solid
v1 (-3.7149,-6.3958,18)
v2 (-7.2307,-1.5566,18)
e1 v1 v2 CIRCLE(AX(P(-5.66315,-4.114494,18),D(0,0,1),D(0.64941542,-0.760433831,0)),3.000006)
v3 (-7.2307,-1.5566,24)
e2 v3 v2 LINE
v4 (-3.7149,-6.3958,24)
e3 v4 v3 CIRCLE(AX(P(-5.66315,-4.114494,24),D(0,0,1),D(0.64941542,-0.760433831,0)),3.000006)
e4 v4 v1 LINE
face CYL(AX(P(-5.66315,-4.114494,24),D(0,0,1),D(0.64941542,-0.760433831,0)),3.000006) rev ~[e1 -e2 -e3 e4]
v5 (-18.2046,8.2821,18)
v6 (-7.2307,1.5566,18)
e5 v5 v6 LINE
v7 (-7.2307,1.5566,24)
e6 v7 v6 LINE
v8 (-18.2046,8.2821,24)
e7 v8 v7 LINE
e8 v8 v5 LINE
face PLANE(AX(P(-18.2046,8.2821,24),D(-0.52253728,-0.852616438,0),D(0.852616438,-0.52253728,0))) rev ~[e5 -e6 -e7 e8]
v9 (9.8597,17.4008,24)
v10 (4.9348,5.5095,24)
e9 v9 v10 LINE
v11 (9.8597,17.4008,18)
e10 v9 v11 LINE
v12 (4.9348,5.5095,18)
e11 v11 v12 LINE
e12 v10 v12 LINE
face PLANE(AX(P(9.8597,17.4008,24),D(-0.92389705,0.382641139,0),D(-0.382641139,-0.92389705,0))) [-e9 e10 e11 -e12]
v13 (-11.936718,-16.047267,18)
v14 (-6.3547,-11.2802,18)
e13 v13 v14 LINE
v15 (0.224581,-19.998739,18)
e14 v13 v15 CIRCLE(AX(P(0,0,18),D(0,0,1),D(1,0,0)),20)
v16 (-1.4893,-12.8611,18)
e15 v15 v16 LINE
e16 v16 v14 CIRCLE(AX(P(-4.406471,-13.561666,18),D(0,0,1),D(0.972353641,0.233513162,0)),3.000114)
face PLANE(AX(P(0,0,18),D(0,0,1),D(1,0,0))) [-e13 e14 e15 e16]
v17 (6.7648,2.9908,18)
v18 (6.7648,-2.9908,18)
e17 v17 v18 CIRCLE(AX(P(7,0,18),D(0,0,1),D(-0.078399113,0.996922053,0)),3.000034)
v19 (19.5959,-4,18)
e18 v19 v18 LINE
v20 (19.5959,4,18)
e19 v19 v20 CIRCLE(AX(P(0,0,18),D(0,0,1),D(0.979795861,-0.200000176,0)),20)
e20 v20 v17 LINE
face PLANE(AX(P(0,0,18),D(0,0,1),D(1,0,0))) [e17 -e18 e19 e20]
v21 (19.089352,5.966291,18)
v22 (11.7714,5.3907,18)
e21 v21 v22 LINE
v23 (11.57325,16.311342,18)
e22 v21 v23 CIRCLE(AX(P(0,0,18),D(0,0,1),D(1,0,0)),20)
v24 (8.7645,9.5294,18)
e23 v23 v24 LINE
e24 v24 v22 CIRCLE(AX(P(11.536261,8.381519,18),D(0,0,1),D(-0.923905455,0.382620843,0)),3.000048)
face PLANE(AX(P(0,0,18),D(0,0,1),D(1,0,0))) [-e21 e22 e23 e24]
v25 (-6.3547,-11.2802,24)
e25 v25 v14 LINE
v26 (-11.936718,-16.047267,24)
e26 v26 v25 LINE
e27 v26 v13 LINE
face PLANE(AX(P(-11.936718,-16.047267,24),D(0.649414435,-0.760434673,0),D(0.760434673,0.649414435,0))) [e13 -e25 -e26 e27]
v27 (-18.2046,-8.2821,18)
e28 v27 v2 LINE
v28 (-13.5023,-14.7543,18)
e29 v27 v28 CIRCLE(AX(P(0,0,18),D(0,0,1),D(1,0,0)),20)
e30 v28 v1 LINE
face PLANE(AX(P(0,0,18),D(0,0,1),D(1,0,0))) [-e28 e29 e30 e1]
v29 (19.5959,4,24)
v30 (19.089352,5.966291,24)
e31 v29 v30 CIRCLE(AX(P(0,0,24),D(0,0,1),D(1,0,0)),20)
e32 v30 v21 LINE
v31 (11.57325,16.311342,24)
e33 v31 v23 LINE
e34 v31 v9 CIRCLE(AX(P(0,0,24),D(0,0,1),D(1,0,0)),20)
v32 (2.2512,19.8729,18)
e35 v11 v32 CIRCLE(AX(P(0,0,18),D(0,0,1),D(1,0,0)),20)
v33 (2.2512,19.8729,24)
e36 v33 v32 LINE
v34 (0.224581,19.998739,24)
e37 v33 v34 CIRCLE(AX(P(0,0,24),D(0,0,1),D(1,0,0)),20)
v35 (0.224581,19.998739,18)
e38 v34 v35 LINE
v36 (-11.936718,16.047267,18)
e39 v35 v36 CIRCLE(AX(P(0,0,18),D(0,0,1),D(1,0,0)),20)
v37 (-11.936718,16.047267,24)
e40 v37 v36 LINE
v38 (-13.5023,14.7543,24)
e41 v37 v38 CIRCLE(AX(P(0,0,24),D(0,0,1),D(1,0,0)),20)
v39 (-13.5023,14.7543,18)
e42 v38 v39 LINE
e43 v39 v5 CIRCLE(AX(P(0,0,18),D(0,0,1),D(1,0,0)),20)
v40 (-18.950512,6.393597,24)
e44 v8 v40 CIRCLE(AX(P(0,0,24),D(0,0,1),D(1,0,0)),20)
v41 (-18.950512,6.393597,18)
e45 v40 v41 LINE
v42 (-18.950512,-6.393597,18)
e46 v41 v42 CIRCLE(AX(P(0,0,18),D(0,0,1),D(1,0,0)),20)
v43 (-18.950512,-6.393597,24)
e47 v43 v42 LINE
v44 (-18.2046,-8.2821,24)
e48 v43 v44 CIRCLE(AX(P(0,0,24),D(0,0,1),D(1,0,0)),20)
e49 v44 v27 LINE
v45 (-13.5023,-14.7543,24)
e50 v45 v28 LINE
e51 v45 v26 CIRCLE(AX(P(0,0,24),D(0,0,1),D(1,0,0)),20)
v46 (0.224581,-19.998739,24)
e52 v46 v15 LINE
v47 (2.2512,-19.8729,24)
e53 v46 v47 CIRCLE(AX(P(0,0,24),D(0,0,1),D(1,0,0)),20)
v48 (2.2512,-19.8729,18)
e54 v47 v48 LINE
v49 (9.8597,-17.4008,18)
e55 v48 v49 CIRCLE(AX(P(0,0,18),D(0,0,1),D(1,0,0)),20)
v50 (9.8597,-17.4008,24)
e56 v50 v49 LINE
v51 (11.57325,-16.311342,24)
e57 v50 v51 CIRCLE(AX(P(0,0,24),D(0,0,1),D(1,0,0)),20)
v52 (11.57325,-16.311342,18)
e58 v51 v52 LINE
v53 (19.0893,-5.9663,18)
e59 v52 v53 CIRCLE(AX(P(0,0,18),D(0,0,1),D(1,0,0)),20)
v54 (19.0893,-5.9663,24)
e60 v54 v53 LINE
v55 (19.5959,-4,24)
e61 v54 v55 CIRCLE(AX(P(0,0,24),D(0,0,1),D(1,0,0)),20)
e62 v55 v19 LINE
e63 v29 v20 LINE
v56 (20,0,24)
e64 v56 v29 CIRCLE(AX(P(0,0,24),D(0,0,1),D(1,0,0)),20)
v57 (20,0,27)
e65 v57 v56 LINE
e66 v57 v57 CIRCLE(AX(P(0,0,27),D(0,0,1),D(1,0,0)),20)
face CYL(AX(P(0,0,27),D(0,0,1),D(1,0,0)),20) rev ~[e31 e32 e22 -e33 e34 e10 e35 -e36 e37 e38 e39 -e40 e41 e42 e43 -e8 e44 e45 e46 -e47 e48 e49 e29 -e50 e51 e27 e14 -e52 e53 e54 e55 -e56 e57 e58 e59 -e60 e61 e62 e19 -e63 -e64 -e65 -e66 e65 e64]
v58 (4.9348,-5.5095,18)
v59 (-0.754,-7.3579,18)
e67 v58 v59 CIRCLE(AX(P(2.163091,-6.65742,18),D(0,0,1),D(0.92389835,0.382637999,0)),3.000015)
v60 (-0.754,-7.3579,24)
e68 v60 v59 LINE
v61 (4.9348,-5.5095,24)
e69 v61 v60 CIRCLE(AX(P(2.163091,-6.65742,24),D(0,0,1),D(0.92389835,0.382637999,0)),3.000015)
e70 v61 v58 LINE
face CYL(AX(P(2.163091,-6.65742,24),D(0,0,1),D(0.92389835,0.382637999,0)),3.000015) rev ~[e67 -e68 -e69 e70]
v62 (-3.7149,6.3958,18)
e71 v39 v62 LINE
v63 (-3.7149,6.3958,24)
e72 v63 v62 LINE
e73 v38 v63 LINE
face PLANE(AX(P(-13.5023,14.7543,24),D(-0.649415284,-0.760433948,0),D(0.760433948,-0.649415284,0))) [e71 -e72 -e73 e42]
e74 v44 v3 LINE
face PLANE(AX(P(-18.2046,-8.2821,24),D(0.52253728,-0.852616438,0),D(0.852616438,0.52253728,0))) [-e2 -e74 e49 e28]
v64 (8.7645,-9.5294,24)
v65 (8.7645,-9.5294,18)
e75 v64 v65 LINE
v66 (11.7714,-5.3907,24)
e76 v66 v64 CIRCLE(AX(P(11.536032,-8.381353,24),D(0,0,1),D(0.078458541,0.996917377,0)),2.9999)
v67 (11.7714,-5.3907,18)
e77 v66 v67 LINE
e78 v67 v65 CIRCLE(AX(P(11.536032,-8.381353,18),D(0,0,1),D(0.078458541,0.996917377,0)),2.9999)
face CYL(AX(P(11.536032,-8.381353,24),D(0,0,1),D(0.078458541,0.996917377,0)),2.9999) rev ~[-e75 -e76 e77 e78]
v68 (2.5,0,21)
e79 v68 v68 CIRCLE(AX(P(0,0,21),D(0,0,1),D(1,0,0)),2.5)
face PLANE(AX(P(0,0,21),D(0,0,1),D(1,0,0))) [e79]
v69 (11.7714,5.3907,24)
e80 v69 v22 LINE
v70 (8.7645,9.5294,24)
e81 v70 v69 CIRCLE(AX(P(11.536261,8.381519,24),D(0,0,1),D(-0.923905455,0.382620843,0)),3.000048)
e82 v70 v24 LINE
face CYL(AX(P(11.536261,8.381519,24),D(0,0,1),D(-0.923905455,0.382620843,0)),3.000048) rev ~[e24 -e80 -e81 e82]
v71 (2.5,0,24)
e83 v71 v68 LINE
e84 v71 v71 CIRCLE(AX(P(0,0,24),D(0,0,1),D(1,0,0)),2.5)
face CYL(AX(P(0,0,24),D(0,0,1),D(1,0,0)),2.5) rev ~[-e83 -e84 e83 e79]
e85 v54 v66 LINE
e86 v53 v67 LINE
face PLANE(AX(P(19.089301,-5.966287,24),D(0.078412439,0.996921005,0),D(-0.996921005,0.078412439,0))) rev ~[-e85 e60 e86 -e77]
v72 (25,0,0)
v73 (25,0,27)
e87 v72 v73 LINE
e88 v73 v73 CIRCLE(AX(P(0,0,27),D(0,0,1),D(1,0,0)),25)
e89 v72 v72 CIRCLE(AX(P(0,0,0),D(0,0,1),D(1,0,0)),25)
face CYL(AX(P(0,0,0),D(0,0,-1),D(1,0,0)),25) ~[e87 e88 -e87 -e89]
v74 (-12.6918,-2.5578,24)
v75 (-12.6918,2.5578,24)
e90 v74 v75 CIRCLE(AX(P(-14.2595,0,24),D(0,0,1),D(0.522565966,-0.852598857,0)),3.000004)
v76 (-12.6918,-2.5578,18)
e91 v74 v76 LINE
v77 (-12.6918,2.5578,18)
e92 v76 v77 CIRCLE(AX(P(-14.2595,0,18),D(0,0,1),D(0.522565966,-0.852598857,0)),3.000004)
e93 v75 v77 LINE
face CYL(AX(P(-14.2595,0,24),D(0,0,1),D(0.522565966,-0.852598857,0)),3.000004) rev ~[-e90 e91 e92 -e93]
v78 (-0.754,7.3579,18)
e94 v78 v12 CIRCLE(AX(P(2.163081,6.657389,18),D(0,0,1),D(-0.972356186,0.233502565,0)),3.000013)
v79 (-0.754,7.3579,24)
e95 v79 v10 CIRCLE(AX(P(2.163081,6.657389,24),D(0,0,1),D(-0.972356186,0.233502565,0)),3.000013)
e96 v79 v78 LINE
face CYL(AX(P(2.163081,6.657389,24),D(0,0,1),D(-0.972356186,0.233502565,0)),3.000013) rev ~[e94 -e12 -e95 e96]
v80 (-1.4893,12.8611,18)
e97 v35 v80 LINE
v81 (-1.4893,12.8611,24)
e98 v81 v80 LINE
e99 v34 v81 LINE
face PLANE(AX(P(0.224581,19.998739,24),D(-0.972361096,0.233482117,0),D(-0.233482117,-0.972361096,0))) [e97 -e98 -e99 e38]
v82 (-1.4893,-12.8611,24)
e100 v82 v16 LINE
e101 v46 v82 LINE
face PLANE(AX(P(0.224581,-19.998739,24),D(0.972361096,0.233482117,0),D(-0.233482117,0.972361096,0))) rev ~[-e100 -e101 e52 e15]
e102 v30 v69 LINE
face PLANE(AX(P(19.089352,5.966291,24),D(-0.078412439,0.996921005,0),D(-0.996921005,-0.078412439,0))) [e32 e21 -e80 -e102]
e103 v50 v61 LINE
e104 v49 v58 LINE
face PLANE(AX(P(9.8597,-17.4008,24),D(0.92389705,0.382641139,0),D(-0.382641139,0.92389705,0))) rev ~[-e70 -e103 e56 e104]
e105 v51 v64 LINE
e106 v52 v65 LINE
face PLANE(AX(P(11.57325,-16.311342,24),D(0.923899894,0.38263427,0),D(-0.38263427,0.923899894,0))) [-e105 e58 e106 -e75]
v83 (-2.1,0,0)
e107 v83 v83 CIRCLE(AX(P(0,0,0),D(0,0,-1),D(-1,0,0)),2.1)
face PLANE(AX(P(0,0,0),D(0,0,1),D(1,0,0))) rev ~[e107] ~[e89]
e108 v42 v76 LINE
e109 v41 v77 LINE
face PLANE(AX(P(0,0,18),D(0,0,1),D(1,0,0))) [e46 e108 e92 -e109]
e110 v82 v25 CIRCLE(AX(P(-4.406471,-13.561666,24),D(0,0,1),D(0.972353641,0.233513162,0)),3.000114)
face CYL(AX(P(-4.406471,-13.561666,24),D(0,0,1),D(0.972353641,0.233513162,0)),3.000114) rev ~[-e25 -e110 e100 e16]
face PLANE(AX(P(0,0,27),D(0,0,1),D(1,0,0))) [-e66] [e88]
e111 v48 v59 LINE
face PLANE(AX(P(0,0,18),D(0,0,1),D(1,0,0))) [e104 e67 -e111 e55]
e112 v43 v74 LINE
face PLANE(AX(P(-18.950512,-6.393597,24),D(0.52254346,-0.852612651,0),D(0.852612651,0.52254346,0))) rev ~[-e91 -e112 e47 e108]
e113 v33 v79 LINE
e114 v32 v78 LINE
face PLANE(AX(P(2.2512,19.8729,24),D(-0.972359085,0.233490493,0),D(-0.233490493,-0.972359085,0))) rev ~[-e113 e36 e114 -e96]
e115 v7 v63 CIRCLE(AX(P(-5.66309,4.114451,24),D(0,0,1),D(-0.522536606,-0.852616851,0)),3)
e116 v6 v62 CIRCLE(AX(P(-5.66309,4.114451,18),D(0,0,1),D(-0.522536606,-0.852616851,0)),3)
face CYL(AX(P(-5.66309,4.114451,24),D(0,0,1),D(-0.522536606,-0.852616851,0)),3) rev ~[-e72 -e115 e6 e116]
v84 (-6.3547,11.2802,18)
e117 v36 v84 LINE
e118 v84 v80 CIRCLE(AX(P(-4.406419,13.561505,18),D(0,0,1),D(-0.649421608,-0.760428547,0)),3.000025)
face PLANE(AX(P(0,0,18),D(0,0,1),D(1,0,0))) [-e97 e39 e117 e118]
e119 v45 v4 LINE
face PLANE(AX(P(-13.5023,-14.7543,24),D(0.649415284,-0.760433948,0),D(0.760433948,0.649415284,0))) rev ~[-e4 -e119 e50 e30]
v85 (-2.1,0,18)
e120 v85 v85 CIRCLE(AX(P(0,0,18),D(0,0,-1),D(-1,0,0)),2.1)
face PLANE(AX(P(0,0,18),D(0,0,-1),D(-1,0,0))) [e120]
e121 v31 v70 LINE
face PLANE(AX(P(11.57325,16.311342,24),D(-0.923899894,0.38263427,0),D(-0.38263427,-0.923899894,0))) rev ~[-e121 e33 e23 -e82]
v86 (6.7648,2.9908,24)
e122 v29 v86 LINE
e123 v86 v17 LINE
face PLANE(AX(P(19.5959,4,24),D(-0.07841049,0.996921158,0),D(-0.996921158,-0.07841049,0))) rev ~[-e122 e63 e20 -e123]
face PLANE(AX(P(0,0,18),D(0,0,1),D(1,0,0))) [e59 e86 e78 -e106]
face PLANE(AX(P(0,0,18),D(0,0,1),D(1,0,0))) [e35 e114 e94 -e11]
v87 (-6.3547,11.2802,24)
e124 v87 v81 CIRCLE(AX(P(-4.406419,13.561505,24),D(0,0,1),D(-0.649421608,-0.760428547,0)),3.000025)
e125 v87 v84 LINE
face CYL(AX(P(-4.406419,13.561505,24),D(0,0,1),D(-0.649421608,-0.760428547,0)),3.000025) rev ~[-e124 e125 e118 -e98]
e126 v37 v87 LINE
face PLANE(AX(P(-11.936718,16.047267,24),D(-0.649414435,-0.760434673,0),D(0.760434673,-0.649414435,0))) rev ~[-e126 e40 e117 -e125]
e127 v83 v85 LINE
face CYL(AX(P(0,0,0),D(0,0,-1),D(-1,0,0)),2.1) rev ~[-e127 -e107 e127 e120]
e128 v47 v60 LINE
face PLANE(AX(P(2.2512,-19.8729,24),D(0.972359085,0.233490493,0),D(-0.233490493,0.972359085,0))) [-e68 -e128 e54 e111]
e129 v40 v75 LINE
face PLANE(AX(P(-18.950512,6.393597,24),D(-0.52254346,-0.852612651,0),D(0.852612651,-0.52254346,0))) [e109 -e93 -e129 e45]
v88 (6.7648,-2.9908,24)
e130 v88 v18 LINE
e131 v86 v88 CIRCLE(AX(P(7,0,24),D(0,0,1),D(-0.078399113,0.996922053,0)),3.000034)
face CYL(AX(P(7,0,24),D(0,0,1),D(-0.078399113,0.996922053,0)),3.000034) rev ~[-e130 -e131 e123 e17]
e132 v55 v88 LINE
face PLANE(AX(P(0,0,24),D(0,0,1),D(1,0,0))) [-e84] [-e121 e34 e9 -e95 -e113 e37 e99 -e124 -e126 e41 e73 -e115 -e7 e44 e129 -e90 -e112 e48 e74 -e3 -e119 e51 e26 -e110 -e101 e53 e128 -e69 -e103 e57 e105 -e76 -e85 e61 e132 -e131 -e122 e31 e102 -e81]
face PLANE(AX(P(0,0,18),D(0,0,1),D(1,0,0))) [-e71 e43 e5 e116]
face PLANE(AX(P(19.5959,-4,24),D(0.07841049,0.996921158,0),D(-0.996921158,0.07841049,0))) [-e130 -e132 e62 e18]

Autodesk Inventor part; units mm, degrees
ref_plane "YZ Plane" through (0, 0, 0) normal (1, 0, 0) x (0, 1, 0)
ref_plane "XZ Plane" through (0, 0, 0) normal (0, 1, 0) x (-1, 0, 0)
ref_plane "XY Plane" through (0, 0, 0) normal (0, 0, 1) x (1, 0, 0)
sketch "草圖1" plane through (0, 0, 0) normal (0, 0, 1) x (1, 0, 0)
  circle A0 centre (0, 0) radius 25
  circle A1 centre (0, 0) radius 2.1
  dimension "d0" = 50
  dimension "d1" = 4.2
extrude "擠出1" add sketch "草圖1" along normal blind 27
sketch "Sketch2" plane through (0, 0, 27) normal (0, 0, 1) x (1, 0, 0)
  circle A0 centre (0, 0) radius 25 projected
  circle A1 centre (0, 0) radius 20
  dimension "d4" = 40
extrude "Extrusion2" cut sketch "Sketch2" against normal blind 3 contours A1
sketch "Sketch4" plane through (0, 0, 24) normal (0, 0, 1) x (1, 0, 0)
  circle A0 centre (0, 0) radius 2.1
extrude "Extrusion3" add sketch "Sketch4" against normal up to surface (24 mm away)
sketch "Sketch5" plane through (0, 0, 24) normal (0, 0, 1) x (1, 0, 0)
  arc A0 (6.7648, 2.9908) -> (6.7648, -2.9908) centre (7, 0) ccw
  circle A1 centre (0, 0) radius 20 projected
  line L0 (19.5959, 4) -> (6.7648, 2.9908)
  line L1 (19.5959, -4) -> (6.7648, -2.9908)
  line L2 (9.8597, 17.4008) -> (4.9348, 5.5095)
  arc A2 (-0.754, 7.3579) -> (4.9348, 5.5095) centre (2.1631, 6.6574) ccw
  line L3 (2.2512, 19.8729) -> (-0.754, 7.3579)
  line L4 (-13.5023, 14.7543) -> (-3.7149, 6.3958)
  arc A3 (-7.2307, 1.5566) -> (-3.7149, 6.3958) centre (-5.6631, 4.1145) ccw
  line L5 (-18.2046, 8.2821) -> (-7.2307, 1.5566)
  line L6 (-18.2046, -8.2821) -> (-7.2307, -1.5566)
  arc A4 (-3.7149, -6.3958) -> (-7.2307, -1.5566) centre (-5.6631, -4.1145) ccw
  line L7 (-13.5023, -14.7543) -> (-3.7149, -6.3958)
  line L8 (2.2512, -19.8729) -> (-0.754, -7.3579)
  arc A5 (4.9348, -5.5095) -> (-0.754, -7.3579) centre (2.1631, -6.6574) ccw
  line L9 (9.8597, -17.4008) -> (4.9348, -5.5095)
  line L10 (11.7075, 16.6355) -> (8.7645, 9.5294)
  line L11 (19.4391, 5.9938) -> (11.7714, 5.3907)
  line L12 (19.0893, -5.9663) -> (19.4391, -5.9938)
  arc A6 (8.7645, 9.5294) -> (11.7714, 5.3907) centre (11.5361, 8.3815) ccw
  circle A7 centre (0, 0) radius 20 projected
  line L13 (0.3065, 20.3399) -> (-1.4893, 12.8611)
  arc A8 (-6.3547, 11.2802) -> (-1.4893, 12.8611) centre (-4.4064, 13.5616) ccw
  line L14 (-12.2035, 16.2751) -> (-6.3547, 11.2802)
  line L15 (-19.2496, 6.5769) -> (-12.6918, 2.5578)
  arc A9 (-12.6918, -2.5578) -> (-12.6918, 2.5578) centre (-14.2595, 0) ccw
  line L16 (-19.2496, -6.5769) -> (-12.6918, -2.5578)
  line L17 (-12.2035, -16.2751) -> (-6.3547, -11.2802)
  arc A10 (-1.4893, -12.8611) -> (-6.3547, -11.2802) centre (-4.4064, -13.5616) ccw
  line L18 (0.3065, -20.3399) -> (-1.4893, -12.8611)
  line L19 (11.7075, -16.6355) -> (8.7645, -9.5294)
  arc A11 (11.7714, -5.3907) -> (8.7645, -9.5294) centre (11.5361, -8.3815) ccw
  line L20 (19.4391, -5.9938) -> (11.7714, -5.3907)
  point P0 (19.0893, 5.9663)
  point P1 (11.5732, 16.3113)
  point P2 (11.5732, -16.3113)
  point P3 (-11.9367, -16.0473)
  point P4 (0.2246, -19.9987)
  point P5 (-18.9505, 6.3936)
  point P6 (-18.9505, -6.3936)
  point P7 (0.2246, 19.9987)
  point P8 (-11.9367, 16.0473)
  dimension "d9" = 6
  dimension "d12" = 360
  dimension "d14" = 2
  dimension "d15" = 2
  dimension "d16" = 3
  dimension "d19" = 360
extrude "Extrusion4" cut sketch "Sketch5" against normal blind 6 contours L0 A1 L1 A0 | L11 A6 L10 A1 | A1 L19 A11 L20 | L2 A2 L3 A1 | A1 L8 A5 L9 | L13 A8 L14 A1 | A1 L17 A10 L18 | L4 A3 L5 A1 | A1 L6 A4 L7 | L15 A9 L16 A1
sketch "Sketch9" plane through (0, 0, 0) normal (0, 0, -1) x (-1, 0, 0)
  circle A0 centre (0, 0) radius 2.1
  dimension "d38" = 4.2
extrude "Extrusion7" cut sketch "Sketch9" against normal blind 18
sketch "Sketch10" plane through (0, 0, 24) normal (0, 0, 1) x (1, 0, 0)
  circle A0 centre (0, 0) radius 2.1 projected
  circle A1 centre (0, 0) radius 2.5
  dimension "d41" = 5
extrude "Extrusion8" cut sketch "Sketch10" against normal blind 3 contours A0 | A1
properties part number "前輪 改"
